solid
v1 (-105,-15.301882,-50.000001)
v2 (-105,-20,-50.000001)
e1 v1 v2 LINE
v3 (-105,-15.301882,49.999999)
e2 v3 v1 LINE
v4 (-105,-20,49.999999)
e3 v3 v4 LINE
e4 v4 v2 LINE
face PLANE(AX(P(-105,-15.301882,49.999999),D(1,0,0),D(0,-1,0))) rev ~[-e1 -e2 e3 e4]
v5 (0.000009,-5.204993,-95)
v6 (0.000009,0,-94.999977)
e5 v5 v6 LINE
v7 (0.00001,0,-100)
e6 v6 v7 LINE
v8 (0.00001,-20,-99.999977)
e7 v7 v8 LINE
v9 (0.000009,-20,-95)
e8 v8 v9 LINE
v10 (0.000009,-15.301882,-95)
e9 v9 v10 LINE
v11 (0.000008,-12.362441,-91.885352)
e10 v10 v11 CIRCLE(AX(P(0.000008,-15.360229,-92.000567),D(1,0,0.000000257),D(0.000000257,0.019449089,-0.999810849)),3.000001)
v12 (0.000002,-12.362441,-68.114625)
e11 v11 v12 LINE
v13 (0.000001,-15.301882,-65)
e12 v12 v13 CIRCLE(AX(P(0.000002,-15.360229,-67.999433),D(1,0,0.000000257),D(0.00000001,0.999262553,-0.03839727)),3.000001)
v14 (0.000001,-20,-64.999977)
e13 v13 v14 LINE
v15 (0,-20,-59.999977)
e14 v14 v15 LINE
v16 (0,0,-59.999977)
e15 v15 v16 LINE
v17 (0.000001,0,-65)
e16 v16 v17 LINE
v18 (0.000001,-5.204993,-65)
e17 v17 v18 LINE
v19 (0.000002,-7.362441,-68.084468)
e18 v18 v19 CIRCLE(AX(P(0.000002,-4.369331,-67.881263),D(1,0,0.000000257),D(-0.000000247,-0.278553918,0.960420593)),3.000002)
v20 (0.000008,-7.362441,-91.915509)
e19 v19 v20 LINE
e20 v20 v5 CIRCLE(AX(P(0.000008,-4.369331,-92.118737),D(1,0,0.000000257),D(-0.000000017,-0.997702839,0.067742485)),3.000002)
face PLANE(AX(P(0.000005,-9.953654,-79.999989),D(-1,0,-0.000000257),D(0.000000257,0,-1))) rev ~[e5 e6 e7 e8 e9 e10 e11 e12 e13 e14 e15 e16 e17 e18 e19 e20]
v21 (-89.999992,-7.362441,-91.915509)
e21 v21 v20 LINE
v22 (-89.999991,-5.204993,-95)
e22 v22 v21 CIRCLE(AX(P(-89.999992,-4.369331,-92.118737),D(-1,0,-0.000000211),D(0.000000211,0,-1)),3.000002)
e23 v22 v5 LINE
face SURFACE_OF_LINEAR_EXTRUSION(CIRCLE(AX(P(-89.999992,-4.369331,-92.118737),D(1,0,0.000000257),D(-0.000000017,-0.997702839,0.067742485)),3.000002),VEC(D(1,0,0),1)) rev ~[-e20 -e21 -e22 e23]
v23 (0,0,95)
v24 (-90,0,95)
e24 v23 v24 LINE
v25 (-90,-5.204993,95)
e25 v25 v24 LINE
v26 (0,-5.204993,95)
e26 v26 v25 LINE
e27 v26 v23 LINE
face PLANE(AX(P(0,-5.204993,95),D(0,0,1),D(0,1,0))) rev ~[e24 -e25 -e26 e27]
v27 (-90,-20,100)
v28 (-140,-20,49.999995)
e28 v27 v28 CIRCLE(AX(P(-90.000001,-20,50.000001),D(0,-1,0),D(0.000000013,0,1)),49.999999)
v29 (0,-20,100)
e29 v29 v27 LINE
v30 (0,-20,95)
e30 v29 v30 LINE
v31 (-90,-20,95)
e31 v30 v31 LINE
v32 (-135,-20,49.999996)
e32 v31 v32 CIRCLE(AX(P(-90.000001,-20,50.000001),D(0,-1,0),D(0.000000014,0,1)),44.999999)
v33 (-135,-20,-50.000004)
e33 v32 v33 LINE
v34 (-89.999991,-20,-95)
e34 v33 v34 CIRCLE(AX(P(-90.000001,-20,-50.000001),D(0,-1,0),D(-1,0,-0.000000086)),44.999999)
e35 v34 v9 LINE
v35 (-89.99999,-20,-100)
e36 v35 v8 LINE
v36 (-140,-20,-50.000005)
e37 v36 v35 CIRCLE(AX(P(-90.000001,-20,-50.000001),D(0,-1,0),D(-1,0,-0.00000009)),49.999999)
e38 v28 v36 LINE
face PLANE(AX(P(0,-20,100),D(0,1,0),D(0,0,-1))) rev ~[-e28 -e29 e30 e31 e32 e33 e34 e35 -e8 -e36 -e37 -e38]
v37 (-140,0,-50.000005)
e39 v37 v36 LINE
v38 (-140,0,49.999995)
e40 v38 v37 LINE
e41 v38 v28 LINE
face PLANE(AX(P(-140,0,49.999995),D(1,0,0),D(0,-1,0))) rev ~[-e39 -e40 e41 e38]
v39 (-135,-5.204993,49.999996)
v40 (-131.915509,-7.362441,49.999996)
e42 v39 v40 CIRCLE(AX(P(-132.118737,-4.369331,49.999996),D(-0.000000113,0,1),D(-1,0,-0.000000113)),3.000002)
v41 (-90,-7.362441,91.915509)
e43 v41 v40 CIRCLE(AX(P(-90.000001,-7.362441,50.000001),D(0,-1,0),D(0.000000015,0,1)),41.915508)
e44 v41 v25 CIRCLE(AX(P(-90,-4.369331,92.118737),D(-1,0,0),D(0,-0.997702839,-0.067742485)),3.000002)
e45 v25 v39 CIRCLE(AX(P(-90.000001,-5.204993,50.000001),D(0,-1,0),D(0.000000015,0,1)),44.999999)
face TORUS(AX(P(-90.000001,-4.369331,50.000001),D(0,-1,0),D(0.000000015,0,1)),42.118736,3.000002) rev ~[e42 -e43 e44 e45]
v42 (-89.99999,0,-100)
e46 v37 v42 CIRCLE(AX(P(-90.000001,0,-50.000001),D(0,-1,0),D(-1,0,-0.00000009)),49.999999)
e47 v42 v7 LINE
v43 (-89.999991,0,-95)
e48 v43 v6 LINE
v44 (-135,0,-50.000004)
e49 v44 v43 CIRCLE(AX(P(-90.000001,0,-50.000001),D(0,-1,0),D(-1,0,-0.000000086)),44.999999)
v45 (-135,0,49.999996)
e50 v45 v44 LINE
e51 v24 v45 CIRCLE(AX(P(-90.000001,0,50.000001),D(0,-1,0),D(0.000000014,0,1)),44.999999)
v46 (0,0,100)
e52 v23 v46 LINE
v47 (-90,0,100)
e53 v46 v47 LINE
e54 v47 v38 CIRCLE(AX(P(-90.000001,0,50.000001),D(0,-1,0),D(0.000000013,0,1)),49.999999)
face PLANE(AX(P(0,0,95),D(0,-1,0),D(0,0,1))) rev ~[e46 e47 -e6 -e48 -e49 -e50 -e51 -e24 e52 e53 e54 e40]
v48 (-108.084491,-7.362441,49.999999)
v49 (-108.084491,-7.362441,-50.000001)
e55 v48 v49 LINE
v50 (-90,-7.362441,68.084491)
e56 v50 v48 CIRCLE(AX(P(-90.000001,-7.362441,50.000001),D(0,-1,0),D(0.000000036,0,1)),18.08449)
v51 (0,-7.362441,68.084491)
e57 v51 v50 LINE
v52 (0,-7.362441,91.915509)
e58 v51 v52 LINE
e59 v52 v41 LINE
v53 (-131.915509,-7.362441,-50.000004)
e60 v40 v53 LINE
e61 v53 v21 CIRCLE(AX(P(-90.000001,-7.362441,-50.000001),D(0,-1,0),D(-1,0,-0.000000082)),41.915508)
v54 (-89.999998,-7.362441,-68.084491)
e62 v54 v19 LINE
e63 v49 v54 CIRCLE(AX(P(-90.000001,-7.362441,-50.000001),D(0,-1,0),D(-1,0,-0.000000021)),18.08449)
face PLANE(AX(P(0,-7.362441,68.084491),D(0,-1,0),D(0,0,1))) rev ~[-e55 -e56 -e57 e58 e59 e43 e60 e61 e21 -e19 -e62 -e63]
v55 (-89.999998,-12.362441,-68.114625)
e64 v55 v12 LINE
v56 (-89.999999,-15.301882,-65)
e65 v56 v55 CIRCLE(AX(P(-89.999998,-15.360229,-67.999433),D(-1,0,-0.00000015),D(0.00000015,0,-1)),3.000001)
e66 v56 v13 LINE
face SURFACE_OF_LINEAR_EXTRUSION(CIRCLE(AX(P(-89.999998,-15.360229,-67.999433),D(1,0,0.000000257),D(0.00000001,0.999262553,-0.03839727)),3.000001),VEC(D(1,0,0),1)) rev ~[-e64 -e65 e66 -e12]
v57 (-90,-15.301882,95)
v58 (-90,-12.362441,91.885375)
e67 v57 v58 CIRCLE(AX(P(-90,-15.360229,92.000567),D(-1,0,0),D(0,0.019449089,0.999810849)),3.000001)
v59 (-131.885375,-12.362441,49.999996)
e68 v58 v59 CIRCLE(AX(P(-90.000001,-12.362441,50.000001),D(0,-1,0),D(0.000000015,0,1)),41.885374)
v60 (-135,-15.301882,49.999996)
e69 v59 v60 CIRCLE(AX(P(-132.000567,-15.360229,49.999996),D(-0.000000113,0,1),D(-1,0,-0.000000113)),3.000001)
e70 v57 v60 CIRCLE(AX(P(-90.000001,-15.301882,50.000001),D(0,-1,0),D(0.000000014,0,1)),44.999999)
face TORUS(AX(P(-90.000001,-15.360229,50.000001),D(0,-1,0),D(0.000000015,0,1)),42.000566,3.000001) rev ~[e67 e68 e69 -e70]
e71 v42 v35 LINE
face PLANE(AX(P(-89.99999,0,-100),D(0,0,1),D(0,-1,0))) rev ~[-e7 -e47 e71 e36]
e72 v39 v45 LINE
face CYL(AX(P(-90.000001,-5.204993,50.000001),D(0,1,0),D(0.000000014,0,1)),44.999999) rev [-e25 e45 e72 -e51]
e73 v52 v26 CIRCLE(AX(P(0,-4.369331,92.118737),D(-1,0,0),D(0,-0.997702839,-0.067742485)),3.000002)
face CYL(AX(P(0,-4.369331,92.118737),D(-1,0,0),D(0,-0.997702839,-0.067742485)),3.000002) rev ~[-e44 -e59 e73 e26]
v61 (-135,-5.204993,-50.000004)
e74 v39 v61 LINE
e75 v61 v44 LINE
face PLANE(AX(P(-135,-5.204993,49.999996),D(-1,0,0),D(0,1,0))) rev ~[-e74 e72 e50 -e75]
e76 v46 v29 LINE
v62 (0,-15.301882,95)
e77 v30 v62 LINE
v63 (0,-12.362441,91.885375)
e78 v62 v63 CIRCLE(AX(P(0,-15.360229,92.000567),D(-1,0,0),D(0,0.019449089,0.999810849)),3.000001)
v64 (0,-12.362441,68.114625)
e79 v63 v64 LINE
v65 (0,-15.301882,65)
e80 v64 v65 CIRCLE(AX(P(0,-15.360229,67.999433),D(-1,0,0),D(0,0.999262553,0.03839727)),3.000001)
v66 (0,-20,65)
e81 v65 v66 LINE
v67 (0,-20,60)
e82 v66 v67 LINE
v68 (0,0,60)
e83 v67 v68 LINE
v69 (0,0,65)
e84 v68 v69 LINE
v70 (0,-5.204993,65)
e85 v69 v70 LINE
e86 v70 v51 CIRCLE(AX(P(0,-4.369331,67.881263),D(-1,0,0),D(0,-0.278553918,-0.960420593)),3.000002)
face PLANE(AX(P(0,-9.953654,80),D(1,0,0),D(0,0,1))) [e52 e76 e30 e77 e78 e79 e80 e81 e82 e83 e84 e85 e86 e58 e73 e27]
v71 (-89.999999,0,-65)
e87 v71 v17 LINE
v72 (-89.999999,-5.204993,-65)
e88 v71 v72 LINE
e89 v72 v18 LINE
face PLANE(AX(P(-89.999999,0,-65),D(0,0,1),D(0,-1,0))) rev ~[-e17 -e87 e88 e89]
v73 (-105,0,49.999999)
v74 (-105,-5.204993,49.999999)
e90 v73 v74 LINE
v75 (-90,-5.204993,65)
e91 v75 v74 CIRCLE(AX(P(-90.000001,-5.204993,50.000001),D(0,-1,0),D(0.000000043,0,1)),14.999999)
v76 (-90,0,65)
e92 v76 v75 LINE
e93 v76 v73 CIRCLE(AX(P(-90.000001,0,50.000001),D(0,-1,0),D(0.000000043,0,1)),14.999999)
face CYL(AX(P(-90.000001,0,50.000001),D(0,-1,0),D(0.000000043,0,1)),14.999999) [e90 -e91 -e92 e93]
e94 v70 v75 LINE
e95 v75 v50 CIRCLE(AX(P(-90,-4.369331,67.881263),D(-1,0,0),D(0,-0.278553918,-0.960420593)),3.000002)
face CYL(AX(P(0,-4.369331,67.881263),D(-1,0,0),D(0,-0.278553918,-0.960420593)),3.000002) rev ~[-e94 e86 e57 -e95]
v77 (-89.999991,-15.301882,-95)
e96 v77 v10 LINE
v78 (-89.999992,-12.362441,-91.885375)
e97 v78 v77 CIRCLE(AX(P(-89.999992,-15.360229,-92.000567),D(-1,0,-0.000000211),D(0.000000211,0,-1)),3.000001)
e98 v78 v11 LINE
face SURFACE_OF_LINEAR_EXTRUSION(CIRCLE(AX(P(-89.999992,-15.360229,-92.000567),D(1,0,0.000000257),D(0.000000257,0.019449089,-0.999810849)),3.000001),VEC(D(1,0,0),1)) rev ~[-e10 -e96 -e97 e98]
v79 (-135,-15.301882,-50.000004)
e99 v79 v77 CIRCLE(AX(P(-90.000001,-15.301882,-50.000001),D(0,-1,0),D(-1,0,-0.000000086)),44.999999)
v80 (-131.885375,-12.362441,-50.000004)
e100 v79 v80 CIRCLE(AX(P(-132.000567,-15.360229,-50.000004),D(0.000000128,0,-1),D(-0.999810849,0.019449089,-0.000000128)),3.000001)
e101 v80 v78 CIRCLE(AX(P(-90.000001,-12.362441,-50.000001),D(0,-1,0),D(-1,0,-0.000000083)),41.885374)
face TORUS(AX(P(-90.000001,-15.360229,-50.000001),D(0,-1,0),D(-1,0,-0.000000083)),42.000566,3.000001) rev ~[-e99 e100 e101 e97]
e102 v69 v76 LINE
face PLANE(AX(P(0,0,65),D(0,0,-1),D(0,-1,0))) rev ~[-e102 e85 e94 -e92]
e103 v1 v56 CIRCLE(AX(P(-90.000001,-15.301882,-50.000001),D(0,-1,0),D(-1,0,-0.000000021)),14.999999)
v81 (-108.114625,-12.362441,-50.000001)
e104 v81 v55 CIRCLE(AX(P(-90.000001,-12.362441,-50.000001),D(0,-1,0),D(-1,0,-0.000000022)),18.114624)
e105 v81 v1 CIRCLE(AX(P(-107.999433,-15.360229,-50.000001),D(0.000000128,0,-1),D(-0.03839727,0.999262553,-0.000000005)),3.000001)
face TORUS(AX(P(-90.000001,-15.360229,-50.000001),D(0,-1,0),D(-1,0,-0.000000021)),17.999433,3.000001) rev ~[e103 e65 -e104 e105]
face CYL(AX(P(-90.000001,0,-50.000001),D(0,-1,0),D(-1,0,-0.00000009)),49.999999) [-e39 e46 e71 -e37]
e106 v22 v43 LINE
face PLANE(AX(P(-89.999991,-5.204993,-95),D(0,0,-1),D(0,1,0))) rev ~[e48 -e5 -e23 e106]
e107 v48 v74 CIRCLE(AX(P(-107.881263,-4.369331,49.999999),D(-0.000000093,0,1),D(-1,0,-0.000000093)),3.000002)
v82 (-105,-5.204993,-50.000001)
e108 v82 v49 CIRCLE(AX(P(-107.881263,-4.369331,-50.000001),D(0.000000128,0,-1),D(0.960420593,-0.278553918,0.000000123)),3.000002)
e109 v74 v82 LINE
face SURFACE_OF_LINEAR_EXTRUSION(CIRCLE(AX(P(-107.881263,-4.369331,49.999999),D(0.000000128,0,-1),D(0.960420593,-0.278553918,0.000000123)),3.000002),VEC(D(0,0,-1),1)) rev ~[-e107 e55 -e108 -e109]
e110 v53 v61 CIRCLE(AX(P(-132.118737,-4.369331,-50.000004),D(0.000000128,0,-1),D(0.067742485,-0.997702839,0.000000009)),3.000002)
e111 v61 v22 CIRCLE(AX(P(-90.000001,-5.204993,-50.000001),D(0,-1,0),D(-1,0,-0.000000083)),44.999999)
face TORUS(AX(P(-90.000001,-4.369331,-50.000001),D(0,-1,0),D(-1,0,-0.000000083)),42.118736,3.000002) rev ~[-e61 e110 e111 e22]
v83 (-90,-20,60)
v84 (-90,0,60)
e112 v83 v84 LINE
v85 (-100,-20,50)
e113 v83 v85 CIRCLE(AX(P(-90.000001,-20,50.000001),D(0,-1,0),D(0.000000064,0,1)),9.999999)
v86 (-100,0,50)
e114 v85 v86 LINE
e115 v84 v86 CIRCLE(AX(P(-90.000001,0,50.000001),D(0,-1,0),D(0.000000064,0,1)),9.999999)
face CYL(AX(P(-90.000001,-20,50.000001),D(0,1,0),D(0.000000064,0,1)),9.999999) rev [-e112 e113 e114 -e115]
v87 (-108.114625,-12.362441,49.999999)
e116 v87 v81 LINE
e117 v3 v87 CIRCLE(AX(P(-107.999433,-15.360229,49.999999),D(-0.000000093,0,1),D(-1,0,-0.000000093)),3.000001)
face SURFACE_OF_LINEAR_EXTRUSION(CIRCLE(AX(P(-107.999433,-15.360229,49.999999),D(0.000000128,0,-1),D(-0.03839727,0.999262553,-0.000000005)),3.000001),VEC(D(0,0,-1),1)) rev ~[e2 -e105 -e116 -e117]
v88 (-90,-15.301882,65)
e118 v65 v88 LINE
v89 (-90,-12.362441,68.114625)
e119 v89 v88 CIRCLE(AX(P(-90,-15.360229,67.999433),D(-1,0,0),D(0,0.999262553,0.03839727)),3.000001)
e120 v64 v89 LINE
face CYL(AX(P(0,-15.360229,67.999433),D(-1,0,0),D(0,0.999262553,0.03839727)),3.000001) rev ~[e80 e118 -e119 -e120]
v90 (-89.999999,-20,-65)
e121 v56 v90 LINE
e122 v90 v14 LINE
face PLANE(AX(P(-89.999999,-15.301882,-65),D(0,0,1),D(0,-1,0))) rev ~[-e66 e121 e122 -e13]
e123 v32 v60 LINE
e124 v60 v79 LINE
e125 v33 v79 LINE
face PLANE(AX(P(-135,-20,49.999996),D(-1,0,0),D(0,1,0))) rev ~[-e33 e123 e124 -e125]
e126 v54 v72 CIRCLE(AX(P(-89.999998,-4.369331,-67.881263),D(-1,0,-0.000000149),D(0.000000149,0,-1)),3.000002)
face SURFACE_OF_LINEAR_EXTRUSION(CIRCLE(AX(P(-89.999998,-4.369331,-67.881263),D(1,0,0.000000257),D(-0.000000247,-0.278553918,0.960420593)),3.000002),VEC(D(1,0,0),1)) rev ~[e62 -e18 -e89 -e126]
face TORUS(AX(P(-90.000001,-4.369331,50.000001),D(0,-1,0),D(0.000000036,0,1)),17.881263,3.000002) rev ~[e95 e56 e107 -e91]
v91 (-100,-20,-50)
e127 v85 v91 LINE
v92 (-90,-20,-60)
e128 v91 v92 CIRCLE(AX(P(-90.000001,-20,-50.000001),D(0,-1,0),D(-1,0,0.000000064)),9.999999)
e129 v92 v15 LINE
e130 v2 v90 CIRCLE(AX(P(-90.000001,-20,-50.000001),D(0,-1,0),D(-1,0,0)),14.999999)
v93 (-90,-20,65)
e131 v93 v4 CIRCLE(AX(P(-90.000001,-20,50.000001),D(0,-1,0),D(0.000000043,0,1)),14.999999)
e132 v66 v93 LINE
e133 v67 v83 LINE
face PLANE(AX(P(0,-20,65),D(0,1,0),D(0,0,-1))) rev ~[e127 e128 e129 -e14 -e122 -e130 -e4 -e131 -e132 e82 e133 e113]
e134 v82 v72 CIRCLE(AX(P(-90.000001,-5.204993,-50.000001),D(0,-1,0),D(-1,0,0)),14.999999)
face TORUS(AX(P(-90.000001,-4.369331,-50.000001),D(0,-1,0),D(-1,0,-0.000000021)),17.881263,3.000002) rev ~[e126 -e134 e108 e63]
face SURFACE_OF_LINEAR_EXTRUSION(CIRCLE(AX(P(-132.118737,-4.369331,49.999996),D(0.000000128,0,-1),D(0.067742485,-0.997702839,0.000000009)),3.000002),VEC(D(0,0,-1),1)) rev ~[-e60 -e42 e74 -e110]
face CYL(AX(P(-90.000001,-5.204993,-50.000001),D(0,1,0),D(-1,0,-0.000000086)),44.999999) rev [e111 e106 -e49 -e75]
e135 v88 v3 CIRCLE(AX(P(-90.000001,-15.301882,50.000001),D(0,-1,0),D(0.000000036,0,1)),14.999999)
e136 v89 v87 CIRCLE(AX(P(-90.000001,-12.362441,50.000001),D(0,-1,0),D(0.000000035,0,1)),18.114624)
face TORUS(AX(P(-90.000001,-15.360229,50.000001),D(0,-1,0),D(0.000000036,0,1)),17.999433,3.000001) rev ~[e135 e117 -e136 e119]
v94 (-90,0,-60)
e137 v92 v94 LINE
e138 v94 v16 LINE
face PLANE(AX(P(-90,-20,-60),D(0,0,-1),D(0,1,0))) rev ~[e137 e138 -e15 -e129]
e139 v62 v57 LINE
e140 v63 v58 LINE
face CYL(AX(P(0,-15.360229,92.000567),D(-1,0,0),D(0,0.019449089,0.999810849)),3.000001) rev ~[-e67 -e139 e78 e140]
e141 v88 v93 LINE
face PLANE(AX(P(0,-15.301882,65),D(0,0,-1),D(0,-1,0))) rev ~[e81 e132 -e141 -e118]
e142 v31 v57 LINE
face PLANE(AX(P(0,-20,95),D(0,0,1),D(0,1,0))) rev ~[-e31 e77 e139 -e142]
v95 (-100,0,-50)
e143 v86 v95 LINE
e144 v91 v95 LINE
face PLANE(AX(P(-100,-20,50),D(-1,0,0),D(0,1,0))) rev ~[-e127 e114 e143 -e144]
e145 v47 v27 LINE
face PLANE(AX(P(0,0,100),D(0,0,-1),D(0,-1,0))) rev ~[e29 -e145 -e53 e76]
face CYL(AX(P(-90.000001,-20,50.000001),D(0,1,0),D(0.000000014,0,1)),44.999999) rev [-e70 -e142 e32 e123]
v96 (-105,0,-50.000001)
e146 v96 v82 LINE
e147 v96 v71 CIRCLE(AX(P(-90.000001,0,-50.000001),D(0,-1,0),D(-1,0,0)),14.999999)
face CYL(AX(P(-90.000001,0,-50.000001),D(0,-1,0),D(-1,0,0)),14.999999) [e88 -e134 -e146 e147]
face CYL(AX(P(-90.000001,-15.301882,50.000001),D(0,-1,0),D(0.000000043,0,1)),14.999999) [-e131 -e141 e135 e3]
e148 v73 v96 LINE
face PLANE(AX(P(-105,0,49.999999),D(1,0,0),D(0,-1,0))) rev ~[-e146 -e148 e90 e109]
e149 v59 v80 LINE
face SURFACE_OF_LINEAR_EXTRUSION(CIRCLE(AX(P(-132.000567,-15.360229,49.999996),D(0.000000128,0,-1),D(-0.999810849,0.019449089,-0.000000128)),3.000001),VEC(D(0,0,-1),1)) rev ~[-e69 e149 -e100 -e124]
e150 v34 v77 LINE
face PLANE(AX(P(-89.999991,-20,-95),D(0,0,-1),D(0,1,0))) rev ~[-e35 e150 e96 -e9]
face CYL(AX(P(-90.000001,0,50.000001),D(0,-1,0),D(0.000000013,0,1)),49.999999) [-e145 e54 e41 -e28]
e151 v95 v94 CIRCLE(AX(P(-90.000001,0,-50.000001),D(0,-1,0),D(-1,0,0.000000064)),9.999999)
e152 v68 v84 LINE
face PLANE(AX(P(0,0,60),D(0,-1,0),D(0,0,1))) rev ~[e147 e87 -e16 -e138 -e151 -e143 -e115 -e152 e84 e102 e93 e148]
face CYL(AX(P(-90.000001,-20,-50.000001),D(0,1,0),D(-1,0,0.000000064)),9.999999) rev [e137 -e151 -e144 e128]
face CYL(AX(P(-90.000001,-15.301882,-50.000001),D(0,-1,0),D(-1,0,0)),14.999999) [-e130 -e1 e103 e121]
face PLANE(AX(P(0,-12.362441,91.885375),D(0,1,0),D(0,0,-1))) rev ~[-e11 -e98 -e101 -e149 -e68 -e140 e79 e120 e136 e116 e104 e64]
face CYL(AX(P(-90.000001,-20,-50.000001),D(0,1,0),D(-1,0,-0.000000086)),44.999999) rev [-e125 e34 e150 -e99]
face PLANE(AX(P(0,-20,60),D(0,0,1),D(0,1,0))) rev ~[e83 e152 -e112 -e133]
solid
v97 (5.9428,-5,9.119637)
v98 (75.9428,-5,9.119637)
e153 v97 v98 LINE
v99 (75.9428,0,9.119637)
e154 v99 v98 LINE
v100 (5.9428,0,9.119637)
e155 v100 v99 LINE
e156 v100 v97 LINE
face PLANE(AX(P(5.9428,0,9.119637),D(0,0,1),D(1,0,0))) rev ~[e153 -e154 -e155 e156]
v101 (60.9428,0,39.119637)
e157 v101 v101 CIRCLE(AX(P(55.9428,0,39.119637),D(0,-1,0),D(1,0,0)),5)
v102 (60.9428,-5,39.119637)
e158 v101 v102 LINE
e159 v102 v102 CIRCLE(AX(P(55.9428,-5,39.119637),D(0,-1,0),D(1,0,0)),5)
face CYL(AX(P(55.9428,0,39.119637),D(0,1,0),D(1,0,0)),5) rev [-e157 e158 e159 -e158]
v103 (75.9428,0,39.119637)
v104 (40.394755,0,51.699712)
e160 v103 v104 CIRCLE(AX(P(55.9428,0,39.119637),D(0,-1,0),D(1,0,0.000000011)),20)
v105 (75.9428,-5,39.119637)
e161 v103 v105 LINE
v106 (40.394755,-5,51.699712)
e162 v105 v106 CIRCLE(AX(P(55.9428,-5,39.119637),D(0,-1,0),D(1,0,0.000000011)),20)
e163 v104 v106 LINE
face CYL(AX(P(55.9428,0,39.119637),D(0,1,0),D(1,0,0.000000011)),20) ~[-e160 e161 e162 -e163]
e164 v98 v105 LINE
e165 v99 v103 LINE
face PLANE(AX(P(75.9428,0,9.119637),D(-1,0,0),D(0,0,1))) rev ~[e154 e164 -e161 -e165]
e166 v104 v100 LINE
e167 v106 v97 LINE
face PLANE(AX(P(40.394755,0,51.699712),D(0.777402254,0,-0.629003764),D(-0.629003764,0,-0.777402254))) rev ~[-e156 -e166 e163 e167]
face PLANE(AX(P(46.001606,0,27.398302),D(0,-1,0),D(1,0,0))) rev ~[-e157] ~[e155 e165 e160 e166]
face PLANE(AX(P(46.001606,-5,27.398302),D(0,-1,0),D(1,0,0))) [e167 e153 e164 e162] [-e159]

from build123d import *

# Parameters (mm, degrees)
F3_R     = 5
F4_DEPTH = 5


with BuildPart() as f2:
    # F2: sweep along a path in F0
    with BuildLine(Plane.XZ) as f2_path:
        Line((0, 60), (-90, 60))
        ThreePointArc((-90, 60), (-97.071068, 57.071068), (-100, 50))
        Line((-100, 50), (-100, 0))
        Line((-100, 0), (-100, -50))
        ThreePointArc((-100, -50), (-97.071068, -57.071068), (-90, -60))
        Line((-90, -60), (0, -60))
    # F1 (on Right) → F2 (sweep)
    with BuildSketch(Plane.YZ):
        with BuildLine():
            Line((-20, 60), (0, 60))
            Line((0, 60), (0, 65))
            Line((0, 65), (-5.204993, 65))
            ThreePointArc((-5.204993, 65), (-6.827663, 66.161783), (-7.362441, 68.084491))
            Line((-7.362441, 68.084491), (-7.362441, 91.915509))
            ThreePointArc((-7.362441, 91.915509), (-6.827663, 93.838217), (-5.204993, 95))
            Line((-5.204993, 95), (0, 95))
            Line((0, 95), (0, 100))
            Line((0, 100), (-20, 100))
            Line((-20, 100), (-20, 95))
            Line((-20, 95), (-15.301882, 95))
            ThreePointArc((-15.301882, 95), (-13.178438, 94.059642), (-12.362441, 91.885375))
            Line((-12.362441, 91.885375), (-12.362441, 68.114625))
            ThreePointArc((-12.362441, 68.114625), (-13.178438, 65.940358), (-15.301882, 65))
            Line((-15.301882, 65), (-20, 65))
            Line((-20, 65), (-20, 60))
        make_face()
    sweep(path=f2_path.line)


with BuildPart() as f4:
    # F3 (on Front) → F4 (new body)
    with BuildSketch(Plane.XZ):
        with BuildLine():
            Line((40.394755, 51.699712), (5.9428, 9.119637))
            Line((5.9428, 9.119637), (75.9428, 9.119637))
            Line((75.9428, 9.119637), (75.9428, 39.119637))
            ThreePointArc((75.9428, 39.119637), (62.615097, 57.973826), (40.394755, 51.699712))
        make_face()
        with Locations((55.9428, 39.119637)):
            Circle(F3_R, mode=Mode.SUBTRACT)
    extrude(amount=F4_DEPTH)


solid = Compound([f2.part, f4.part])
